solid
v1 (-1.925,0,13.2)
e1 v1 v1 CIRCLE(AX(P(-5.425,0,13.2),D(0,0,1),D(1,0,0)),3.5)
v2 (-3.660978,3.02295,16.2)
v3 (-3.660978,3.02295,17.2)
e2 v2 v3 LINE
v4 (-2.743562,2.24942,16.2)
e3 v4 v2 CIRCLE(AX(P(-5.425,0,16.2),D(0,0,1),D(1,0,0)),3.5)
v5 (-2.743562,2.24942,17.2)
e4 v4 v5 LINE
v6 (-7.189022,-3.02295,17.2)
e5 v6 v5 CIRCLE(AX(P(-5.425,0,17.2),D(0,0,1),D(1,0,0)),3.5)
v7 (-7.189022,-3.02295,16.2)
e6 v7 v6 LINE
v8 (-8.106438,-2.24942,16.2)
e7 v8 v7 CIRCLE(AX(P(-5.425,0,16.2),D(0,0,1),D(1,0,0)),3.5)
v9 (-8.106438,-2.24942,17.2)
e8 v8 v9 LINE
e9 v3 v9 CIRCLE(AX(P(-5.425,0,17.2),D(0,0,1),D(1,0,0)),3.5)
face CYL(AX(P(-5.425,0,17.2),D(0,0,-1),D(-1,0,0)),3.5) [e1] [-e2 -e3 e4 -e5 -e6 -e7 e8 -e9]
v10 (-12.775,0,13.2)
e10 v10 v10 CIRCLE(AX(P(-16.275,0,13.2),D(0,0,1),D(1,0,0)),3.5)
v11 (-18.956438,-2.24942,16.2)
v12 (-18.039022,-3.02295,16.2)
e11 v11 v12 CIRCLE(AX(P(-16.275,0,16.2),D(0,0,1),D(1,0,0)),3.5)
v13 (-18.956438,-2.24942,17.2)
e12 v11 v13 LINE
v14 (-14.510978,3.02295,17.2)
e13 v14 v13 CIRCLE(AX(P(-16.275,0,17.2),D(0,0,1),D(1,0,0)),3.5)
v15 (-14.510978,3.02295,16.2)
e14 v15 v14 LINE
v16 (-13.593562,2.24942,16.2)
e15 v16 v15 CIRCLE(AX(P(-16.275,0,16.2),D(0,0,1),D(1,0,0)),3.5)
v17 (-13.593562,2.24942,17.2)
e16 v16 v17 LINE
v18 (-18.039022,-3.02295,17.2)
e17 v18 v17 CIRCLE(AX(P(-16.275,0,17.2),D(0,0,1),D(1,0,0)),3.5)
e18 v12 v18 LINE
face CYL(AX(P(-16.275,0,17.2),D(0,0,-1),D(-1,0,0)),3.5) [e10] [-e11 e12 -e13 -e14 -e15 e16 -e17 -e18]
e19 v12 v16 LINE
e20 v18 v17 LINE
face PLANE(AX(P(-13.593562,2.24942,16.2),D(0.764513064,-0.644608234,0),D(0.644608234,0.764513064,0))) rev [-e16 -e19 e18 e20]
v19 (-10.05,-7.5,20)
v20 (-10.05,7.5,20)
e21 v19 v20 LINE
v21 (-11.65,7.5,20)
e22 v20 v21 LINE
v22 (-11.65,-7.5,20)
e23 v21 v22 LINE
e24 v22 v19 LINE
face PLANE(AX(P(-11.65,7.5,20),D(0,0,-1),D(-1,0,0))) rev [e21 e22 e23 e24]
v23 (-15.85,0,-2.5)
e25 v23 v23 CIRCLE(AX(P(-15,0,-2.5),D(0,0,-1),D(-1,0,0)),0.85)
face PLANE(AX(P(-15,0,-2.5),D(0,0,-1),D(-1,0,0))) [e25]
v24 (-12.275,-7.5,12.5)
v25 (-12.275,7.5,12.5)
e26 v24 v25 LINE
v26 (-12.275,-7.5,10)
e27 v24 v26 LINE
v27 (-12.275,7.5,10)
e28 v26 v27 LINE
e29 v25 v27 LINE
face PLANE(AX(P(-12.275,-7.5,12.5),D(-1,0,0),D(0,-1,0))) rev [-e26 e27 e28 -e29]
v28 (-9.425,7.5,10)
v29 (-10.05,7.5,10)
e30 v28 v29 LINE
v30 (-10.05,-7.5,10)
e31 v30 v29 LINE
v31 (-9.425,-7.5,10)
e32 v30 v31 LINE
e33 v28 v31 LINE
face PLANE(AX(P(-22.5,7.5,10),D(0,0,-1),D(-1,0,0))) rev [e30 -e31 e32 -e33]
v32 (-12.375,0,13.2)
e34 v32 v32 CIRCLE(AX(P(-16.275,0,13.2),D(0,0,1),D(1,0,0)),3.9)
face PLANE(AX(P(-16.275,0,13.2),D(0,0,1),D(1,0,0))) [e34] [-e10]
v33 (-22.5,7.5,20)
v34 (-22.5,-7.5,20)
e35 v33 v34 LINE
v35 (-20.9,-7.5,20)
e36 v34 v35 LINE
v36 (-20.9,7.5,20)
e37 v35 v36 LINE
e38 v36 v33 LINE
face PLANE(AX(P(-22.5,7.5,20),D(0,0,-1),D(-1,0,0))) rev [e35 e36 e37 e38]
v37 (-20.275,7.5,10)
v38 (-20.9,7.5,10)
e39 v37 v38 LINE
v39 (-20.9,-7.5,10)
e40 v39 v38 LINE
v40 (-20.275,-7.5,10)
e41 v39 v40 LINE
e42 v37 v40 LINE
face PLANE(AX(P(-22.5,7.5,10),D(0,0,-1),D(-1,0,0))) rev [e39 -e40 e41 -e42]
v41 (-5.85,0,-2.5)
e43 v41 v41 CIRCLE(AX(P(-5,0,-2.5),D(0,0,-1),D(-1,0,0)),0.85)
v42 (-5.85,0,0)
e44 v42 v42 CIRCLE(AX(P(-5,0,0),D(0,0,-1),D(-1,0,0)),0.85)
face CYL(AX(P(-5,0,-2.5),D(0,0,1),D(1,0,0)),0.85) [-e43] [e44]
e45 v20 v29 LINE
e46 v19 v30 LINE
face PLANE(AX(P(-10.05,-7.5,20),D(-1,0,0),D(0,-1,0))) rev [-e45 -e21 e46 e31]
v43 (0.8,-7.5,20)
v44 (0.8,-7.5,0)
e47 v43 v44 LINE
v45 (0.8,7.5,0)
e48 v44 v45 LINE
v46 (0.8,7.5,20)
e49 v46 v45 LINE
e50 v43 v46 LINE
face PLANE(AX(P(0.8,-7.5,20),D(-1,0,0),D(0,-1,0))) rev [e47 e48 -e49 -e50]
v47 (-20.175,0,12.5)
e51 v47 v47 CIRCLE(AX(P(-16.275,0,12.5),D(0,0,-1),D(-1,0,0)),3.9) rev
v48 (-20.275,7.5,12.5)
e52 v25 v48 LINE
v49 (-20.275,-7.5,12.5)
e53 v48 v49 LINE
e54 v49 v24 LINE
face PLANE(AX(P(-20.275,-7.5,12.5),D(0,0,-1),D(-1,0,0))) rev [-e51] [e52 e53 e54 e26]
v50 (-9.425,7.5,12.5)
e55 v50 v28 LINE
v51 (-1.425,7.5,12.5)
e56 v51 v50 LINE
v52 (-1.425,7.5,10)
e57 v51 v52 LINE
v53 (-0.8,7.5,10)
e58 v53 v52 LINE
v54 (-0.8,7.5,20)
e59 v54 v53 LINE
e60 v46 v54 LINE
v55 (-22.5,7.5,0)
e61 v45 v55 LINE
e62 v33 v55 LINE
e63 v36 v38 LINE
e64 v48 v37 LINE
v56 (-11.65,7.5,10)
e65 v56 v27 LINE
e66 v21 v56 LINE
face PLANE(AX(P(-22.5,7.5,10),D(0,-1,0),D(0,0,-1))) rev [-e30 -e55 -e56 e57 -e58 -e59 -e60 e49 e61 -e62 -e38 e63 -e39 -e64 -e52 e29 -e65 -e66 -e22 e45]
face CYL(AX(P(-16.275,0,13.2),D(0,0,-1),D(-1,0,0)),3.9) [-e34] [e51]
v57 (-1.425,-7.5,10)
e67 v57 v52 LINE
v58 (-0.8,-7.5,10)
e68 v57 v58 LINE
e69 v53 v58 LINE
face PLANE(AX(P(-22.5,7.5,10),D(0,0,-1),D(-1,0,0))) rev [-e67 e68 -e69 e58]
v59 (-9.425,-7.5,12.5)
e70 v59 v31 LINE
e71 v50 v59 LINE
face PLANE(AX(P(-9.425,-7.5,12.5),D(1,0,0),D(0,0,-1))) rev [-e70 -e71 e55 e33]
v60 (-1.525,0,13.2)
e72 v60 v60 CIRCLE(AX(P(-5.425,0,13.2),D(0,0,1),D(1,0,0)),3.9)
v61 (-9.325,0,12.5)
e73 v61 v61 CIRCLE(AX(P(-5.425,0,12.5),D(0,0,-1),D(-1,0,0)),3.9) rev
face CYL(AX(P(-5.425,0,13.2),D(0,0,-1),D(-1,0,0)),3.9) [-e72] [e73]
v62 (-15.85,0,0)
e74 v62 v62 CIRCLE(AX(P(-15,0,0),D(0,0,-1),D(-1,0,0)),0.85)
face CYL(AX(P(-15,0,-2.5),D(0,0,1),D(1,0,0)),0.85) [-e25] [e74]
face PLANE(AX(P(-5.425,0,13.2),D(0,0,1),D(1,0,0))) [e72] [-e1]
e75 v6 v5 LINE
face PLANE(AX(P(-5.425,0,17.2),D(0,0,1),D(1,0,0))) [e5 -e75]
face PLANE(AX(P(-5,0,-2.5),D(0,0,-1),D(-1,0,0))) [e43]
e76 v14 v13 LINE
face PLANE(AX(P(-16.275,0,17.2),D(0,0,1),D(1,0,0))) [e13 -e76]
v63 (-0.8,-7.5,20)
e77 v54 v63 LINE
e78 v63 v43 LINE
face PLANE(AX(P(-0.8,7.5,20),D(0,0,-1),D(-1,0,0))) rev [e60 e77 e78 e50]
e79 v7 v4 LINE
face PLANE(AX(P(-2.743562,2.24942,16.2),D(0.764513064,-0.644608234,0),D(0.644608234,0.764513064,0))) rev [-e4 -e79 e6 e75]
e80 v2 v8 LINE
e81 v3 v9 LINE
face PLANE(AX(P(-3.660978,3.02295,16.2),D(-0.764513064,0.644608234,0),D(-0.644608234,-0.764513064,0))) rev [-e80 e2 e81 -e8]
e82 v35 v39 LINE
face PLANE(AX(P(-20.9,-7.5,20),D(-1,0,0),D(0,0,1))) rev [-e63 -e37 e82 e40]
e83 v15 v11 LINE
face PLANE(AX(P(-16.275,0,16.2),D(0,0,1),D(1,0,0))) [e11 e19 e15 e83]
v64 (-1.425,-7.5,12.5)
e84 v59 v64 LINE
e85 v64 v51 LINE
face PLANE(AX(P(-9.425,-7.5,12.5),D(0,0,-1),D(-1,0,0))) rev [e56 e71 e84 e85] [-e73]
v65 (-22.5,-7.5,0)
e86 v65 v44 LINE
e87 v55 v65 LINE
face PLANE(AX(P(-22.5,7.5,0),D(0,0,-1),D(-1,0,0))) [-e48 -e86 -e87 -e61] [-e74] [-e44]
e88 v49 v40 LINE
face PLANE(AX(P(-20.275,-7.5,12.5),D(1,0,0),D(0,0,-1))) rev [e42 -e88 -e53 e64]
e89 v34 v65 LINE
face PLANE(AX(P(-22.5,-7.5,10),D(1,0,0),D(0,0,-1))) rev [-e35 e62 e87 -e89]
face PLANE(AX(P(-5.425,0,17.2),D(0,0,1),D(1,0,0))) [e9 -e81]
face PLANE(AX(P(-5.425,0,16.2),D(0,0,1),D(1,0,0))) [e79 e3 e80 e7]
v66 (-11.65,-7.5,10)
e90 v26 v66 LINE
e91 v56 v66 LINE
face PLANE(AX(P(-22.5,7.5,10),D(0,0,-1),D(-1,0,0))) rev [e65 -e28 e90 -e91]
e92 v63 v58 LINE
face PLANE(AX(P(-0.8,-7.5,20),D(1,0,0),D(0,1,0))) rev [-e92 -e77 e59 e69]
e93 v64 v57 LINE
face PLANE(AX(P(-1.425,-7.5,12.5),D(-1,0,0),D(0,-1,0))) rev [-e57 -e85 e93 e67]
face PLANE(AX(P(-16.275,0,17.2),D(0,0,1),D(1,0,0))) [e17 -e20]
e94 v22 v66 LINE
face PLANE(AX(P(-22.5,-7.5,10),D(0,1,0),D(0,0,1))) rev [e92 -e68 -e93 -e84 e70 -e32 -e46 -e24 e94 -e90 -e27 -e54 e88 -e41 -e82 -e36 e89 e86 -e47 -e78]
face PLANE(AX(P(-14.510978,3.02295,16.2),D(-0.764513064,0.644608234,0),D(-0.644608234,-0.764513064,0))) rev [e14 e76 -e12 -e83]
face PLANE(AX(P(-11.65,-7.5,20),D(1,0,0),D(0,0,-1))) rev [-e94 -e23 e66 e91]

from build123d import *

# Parameters (mm, degrees)
SKETCH_1_W          = 45
SKETCH_1_H          = 15
EXTRUDE_1_DEPTH     = 10
SKETCH_2_W          = 1.6
SKETCH_2_H          = 15
EXTRUDE_2_DEPTH     = 10
SKETCH_3_W          = 8
SKETCH_3_H          = 15
EXTRUDE_3_DEPTH     = 2.5
SKETCH_4_R          = 3.9
EXTRUDE_4_DEPTH     = 0.7
SKETCH_6_R          = 3.5
EXTRUDE_5_DEPTH     = 4
CUT_EXTRUDE_START   = -1
CUT_EXTRUDE_1_DEPTH = 1
SKETCH_8_R          = 0.85
EXTRUDE_6_DEPTH     = 2.5
SKETCH_9_W          = 28.344633457
SKETCH_9_H          = 24.026198997
CUT_EXTRUDE_2_DEPTH = 21.7


with BuildPart() as part:
    # Эскиз1 → Вытянуть1 (new body)
    with BuildSketch(Plane.XY):
        Rectangle(SKETCH_1_W, SKETCH_1_H)
    extrude(amount=EXTRUDE_1_DEPTH)

    # Эскиз2 → Вытянуть2 (add)
    with BuildSketch(Plane.XY.offset(10)):
        with Locations((-21.7, 0)):
            Rectangle(SKETCH_2_W, SKETCH_2_H)
        with Locations((-10.85, 0)):
            Rectangle(SKETCH_2_W, SKETCH_2_H)
        Rectangle(SKETCH_2_W, SKETCH_2_H)
        with Locations((10.85, 0)):
            Rectangle(SKETCH_2_W, SKETCH_2_H)
        with Locations((21.7, 0)):
            Rectangle(SKETCH_2_W, SKETCH_2_H)
    extrude(amount=EXTRUDE_2_DEPTH)

    # Эскиз3 → Вытянуть3 (add)
    with BuildSketch(Plane.XY.offset(10)):
        with Locations((-16.275, 0)):
            Rectangle(SKETCH_3_W, SKETCH_3_H)
        with Locations((-5.425, 0)):
            Rectangle(SKETCH_3_W, SKETCH_3_H)
        with Locations((5.425, 0)):
            Rectangle(SKETCH_3_W, SKETCH_3_H)
        with Locations((16.275, 0)):
            Rectangle(SKETCH_3_W, SKETCH_3_H)
    extrude(amount=EXTRUDE_3_DEPTH)

    # Эскиз4 → Вытянуть4 (add)
    with BuildSketch(Plane.XY.offset(12.5)):
        with Locations(Location((-16.275, 0, 0), (0, 0, 180))):
            Circle(SKETCH_4_R)
        with Locations(Location((-5.425, 0, 0), (0, 0, 180))):
            Circle(SKETCH_4_R)
        with Locations(Location((5.425, 0, 0), (0, 0, 180))):
            Circle(SKETCH_4_R)
        with Locations(Location((16.275, 0, 0), (0, 0, 180))):
            Circle(SKETCH_4_R)
    extrude(amount=EXTRUDE_4_DEPTH)

    # Эскиз6 → Вытянуть5 (add)
    with BuildSketch(Plane.XY.offset(13.2)):
        with Locations((-16.275, 0)):
            Circle(SKETCH_6_R)
        with Locations((-5.425, 0)):
            Circle(SKETCH_6_R)
        with Locations((5.425, 0)):
            Circle(SKETCH_6_R)
        with Locations((16.275, 0)):
            Circle(SKETCH_6_R)
    extrude(amount=EXTRUDE_5_DEPTH)

    # Эскиз7 → Вырез-Вытянуть1 (cut)
    with BuildSketch(Plane.XY.offset(17.2).offset(CUT_EXTRUDE_START)):
        with BuildLine():
            Line((-14.510977508, 3.02294966), (-18.956438169, -2.24941978))
            ThreePointArc((-18.956438169, -2.24941978), (-18.531128818, -2.675795724), (-18.039022492, -3.02294966))
            Line((-18.039022492, -3.02294966), (-13.593561831, 2.24941978))
            ThreePointArc((-13.593561831, 2.24941978), (-14.018871182, 2.675795724), (-14.510977508, 3.02294966))
        make_face()
        with BuildLine():
            Line((-3.660977508, 3.02294966), (-8.106438169, -2.24941978))
            ThreePointArc((-8.106438169, -2.24941978), (-7.681128818, -2.675795724), (-7.189022492, -3.02294966))
            Line((-7.189022492, -3.02294966), (-2.743561831, 2.24941978))
            ThreePointArc((-2.743561831, 2.24941978), (-3.168871182, 2.675795724), (-3.660977508, 3.02294966))
        make_face()
        with BuildLine():
            Line((7.189022492, 3.02294966), (2.743561831, -2.24941978))
            ThreePointArc((2.743561831, -2.24941978), (3.168871182, -2.675795724), (3.660977508, -3.02294966))
            Line((3.660977508, -3.02294966), (8.106438169, 2.24941978))
            ThreePointArc((8.106438169, 2.24941978), (7.681128818, 2.675795724), (7.189022492, 3.02294966))
        make_face()
        with BuildLine():
            Line((18.039022492, 3.02294966), (13.593561831, -2.24941978))
            ThreePointArc((13.593561831, -2.24941978), (14.018871182, -2.675795724), (14.510977508, -3.02294966))
            Line((14.510977508, -3.02294966), (18.956438169, 2.24941978))
            ThreePointArc((18.956438169, 2.24941978), (18.531128818, 2.675795724), (18.039022492, 3.02294966))
        make_face()
    extrude(amount=CUT_EXTRUDE_1_DEPTH, mode=Mode.SUBTRACT)

    # Эскиз8 → Вытянуть6 (add)
    with BuildSketch(Plane(origin=(0, 0, 0), x_dir=(-1, 0, 0), z_dir=(0, 0, -1))):
        with Locations((-5, 0)):
            Circle(SKETCH_8_R)
        with Locations((5, 0)):
            Circle(SKETCH_8_R)
        with Locations((15, 0)):
            Circle(SKETCH_8_R)
        with Locations((-15, 0)):
            Circle(SKETCH_8_R)
    extrude(amount=EXTRUDE_6_DEPTH)

    # Эскиз9 → Вырез-Вытянуть2 (cut)
    with BuildSketch(Plane(origin=(22.5, 0, 0), x_dir=(0, 0, -1), z_dir=(1, 0, 0))):
        with Locations((-8.887417233, 0.294438713)):
            Rectangle(SKETCH_9_W, SKETCH_9_H)
    extrude(amount=-CUT_EXTRUDE_2_DEPTH, mode=Mode.SUBTRACT)


solid = part.part
